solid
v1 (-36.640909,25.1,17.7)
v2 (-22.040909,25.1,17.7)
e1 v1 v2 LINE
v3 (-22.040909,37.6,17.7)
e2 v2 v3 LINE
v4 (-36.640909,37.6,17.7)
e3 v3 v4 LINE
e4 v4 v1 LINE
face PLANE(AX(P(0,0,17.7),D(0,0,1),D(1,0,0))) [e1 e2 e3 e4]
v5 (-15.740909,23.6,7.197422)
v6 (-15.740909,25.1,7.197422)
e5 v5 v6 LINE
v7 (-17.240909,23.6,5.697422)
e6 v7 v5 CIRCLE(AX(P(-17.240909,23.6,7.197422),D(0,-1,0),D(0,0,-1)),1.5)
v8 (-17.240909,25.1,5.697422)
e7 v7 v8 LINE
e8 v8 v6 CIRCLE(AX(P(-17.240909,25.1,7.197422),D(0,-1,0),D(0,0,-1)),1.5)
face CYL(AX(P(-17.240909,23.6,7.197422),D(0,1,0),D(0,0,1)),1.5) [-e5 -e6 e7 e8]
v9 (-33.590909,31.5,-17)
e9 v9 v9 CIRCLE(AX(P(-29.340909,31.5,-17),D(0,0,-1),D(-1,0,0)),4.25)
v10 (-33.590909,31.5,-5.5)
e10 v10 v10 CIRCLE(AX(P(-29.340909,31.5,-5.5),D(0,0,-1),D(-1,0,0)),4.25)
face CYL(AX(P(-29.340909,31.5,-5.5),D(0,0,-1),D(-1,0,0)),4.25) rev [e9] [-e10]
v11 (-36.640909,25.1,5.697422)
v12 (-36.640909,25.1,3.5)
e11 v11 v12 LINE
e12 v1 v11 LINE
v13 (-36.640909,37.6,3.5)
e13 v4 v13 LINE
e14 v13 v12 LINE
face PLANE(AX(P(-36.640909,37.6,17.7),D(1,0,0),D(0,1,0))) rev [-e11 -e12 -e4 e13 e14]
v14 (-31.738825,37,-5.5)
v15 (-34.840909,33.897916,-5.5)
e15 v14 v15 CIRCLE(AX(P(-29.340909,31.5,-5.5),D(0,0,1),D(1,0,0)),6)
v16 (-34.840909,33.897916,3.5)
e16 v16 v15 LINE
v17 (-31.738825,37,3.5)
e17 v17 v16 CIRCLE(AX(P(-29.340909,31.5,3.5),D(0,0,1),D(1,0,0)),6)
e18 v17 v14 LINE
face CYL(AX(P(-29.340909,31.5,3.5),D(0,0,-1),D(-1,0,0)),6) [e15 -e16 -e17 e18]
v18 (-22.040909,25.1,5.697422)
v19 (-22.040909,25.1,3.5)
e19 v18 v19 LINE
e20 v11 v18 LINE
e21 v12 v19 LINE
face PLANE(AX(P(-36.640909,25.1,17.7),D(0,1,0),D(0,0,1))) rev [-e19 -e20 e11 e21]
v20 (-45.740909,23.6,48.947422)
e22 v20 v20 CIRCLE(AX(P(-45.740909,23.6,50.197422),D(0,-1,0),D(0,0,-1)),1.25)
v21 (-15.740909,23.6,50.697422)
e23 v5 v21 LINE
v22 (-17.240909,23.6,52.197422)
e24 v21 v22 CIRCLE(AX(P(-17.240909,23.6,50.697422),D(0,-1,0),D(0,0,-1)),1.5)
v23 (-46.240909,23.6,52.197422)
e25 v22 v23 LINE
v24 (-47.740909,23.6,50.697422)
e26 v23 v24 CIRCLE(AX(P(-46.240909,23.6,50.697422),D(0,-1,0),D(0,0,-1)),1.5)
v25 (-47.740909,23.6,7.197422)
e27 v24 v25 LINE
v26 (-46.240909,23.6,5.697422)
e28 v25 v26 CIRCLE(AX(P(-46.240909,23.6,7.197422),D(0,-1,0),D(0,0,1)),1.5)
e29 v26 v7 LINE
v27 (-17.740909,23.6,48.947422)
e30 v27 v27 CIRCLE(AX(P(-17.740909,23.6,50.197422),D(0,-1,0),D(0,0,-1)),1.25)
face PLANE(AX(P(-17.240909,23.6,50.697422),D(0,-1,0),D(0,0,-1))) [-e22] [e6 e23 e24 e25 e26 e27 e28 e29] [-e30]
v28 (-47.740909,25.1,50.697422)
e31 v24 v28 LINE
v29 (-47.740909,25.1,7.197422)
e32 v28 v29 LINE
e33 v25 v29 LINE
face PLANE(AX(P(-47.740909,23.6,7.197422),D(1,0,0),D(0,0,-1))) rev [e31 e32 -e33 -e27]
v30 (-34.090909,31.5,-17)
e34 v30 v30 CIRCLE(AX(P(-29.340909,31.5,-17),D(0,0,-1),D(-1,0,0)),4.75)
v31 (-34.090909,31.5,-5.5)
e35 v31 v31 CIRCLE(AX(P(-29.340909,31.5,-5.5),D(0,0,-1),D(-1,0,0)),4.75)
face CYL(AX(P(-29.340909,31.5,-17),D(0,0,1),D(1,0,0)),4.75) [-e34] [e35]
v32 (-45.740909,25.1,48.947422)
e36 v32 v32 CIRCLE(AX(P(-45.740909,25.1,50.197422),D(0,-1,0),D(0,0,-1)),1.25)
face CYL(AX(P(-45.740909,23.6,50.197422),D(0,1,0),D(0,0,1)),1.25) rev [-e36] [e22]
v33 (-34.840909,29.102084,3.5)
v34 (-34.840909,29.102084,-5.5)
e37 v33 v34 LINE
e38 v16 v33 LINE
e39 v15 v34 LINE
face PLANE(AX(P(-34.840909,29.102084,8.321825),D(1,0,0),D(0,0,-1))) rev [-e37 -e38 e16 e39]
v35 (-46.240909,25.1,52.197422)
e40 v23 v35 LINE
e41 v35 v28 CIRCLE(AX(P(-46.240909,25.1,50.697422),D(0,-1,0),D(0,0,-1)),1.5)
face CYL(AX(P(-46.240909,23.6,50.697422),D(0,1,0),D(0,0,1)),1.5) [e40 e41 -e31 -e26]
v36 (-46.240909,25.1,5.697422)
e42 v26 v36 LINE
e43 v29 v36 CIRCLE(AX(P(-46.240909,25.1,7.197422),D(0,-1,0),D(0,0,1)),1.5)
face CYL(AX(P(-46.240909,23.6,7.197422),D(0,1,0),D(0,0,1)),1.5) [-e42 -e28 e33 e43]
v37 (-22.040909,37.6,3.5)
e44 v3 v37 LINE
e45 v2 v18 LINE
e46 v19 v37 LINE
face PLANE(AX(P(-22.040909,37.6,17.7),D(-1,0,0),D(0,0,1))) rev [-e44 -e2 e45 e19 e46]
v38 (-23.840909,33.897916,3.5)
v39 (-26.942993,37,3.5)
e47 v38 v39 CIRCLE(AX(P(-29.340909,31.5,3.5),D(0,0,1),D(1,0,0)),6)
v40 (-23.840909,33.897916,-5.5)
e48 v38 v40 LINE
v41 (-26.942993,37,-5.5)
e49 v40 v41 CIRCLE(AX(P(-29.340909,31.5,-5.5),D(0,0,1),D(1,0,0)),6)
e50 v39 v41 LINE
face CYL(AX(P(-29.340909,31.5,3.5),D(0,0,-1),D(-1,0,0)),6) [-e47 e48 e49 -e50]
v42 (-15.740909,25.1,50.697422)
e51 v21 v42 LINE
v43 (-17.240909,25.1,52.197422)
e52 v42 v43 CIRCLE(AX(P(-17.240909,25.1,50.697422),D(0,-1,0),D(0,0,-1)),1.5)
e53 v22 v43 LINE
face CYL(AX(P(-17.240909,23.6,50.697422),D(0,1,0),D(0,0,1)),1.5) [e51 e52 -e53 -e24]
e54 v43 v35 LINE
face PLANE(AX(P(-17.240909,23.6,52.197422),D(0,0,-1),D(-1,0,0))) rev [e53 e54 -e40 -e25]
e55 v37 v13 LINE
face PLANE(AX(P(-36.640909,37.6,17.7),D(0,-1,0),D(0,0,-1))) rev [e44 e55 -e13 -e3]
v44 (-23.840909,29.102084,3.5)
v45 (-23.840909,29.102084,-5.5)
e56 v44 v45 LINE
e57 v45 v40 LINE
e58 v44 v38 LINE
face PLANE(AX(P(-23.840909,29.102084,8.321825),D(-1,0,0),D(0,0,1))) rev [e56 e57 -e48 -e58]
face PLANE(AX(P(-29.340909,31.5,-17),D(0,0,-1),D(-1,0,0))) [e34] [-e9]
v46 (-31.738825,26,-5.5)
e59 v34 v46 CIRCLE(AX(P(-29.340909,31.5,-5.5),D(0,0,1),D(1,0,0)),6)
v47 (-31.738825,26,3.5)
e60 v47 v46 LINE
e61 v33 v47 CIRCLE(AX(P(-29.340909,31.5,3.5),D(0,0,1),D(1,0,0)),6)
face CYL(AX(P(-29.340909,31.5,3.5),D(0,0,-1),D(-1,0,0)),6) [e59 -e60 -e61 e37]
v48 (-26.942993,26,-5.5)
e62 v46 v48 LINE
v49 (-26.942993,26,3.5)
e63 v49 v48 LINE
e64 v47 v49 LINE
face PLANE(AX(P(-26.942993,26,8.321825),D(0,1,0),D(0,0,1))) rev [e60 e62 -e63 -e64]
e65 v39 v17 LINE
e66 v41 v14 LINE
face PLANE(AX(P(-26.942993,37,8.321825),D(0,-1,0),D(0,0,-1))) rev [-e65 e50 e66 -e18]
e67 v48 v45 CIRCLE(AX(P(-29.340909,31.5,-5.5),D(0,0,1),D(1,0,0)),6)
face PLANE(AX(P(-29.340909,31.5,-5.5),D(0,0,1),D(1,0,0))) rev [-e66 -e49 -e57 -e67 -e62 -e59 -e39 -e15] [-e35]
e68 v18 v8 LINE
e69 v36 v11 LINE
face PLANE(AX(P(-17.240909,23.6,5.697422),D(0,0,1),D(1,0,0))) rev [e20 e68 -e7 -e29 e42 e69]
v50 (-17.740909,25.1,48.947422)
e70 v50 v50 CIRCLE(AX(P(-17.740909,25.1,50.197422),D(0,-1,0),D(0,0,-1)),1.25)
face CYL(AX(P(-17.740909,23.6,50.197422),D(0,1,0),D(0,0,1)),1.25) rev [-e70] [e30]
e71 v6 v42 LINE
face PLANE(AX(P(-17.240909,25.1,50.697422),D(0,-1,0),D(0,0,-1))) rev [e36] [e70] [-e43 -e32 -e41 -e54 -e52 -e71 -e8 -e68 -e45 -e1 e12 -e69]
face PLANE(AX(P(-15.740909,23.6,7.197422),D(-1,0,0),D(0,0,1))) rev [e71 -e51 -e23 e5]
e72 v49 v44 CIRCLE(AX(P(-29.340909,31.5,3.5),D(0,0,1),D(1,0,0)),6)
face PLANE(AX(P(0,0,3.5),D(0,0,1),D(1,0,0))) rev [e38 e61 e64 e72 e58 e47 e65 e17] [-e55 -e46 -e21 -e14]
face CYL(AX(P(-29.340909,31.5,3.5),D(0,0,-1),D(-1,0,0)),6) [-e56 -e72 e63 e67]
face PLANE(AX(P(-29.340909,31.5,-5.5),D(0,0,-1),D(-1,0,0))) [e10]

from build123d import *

# Parameters (mm, degrees)
EXTRUDE_1_DEPTH      = 3.5
EXTRUDE_1_DEPTH_BACK = 5.5
SKETCH_1_R           = 6
SKETCH_2_R           = 4.75
EXTRUDE_2_DEPTH      = 11.5
SKETCH_3_R           = 4.25
CUT_EXTRUDE_1_DEPTH  = 11.5
SKETCH_4_W           = 14.6
SKETCH_4_H           = 12.5
EXTRUDE_3_DEPTH      = 14.2
SKETCH_5_R           = 1.25
EXTRUDE_4_DEPTH      = 1.5
CUT_EXTRUDE_2_DEPTH  = 9


with BuildPart() as part:
    # 草圖1 → 填料-伸長1 (new, two sides: drawn at the far end of the back side and taken through both)
    with BuildSketch(Plane.XY.offset(-EXTRUDE_1_DEPTH_BACK)):
        with Locations((-29.340909091, 31.5)):
            Circle(SKETCH_1_R)
    extrude(amount=EXTRUDE_1_DEPTH + EXTRUDE_1_DEPTH_BACK)

    # 草圖2 → 填料-伸長2 (add)
    with BuildSketch(Plane(origin=(0, 0, -5.5), x_dir=(-1, 0, 0), z_dir=(0, 0, -1))):
        with Locations((29.340909091, 31.5)):
            Circle(SKETCH_2_R)
    extrude(amount=EXTRUDE_2_DEPTH)

    # 草圖3 → 除料-伸長1 (cut)
    with BuildSketch(Plane(origin=(0, 0, -17), x_dir=(-1, 0, 0), z_dir=(0, 0, -1))):
        with Locations((29.340909091, 31.5)):
            Circle(SKETCH_3_R)
    extrude(amount=-CUT_EXTRUDE_1_DEPTH, mode=Mode.SUBTRACT)

    # 草圖4 → 填料-伸長3 (add)
    with BuildSketch(Plane.XY.offset(3.5)):
        with Locations((-29.340909091, 31.35)):
            Rectangle(SKETCH_4_W, SKETCH_4_H)
    extrude(amount=EXTRUDE_3_DEPTH)

    # 草圖5 → 填料-伸長4 (add)
    with BuildSketch(Plane.XZ.offset(-25.1)):
        with BuildLine():
            Line((-17.240909091, 5.697422491), (-46.240909091, 5.697422491))
            ThreePointArc((-46.240909091, 5.697422491), (-47.301569263, 6.136762319), (-47.740909091, 7.197422491))
            Line((-47.740909091, 7.197422491), (-47.740909091, 50.697422491))
            ThreePointArc((-47.740909091, 50.697422491), (-47.301569263, 51.758082663), (-46.240909091, 52.197422491))
            Line((-46.240909091, 52.197422491), (-17.240909091, 52.197422491))
            ThreePointArc((-17.240909091, 52.197422491), (-16.180248919, 51.758082663), (-15.740909091, 50.697422491))
            Line((-15.740909091, 50.697422491), (-15.740909091, 7.197422491))
            ThreePointArc((-15.740909091, 7.197422491), (-16.180248919, 6.136762319), (-17.240909091, 5.697422491))
        make_face()
        with Locations(Location((-17.740909091, 50.197422491, 0), (0, 0, 270))):
            Circle(SKETCH_5_R, mode=Mode.SUBTRACT)
        with Locations(Location((-45.740909091, 50.197422491, 0), (0, 0, 270))):
            Circle(SKETCH_5_R, mode=Mode.SUBTRACT)
    extrude(amount=EXTRUDE_4_DEPTH)

    # 草圖6 → 除料-伸長2 (cut)
    with BuildSketch(Plane(origin=(0, 0, -5.5), x_dir=(-1, 0, 0), z_dir=(0, 0, -1))):
        with BuildLine():
            Line((26.942993329, 26), (31.738824853, 26))
            ThreePointArc((31.738824853, 26), (29.340909091, 25.5), (26.942993329, 26))
        make_face()
        with BuildLine():
            Line((23.840909091, 29.102084238), (23.840909091, 33.897915762))
            ThreePointArc((23.840909091, 33.897915762), (23.340909091, 31.5), (23.840909091, 29.102084238))
        make_face()
        with BuildLine():
            Line((26.942993329, 37), (31.738824853, 37))
            ThreePointArc((31.738824853, 37), (29.340909091, 37.5), (26.942993329, 37))
        make_face()
        with BuildLine():
            Line((34.840909091, 29.102084238), (34.840909091, 33.897915762))
            ThreePointArc((34.840909091, 33.897915762), (35.340909091, 31.5), (34.840909091, 29.102084238))
        make_face()
    extrude(amount=-CUT_EXTRUDE_2_DEPTH, mode=Mode.SUBTRACT)


solid = part.part
